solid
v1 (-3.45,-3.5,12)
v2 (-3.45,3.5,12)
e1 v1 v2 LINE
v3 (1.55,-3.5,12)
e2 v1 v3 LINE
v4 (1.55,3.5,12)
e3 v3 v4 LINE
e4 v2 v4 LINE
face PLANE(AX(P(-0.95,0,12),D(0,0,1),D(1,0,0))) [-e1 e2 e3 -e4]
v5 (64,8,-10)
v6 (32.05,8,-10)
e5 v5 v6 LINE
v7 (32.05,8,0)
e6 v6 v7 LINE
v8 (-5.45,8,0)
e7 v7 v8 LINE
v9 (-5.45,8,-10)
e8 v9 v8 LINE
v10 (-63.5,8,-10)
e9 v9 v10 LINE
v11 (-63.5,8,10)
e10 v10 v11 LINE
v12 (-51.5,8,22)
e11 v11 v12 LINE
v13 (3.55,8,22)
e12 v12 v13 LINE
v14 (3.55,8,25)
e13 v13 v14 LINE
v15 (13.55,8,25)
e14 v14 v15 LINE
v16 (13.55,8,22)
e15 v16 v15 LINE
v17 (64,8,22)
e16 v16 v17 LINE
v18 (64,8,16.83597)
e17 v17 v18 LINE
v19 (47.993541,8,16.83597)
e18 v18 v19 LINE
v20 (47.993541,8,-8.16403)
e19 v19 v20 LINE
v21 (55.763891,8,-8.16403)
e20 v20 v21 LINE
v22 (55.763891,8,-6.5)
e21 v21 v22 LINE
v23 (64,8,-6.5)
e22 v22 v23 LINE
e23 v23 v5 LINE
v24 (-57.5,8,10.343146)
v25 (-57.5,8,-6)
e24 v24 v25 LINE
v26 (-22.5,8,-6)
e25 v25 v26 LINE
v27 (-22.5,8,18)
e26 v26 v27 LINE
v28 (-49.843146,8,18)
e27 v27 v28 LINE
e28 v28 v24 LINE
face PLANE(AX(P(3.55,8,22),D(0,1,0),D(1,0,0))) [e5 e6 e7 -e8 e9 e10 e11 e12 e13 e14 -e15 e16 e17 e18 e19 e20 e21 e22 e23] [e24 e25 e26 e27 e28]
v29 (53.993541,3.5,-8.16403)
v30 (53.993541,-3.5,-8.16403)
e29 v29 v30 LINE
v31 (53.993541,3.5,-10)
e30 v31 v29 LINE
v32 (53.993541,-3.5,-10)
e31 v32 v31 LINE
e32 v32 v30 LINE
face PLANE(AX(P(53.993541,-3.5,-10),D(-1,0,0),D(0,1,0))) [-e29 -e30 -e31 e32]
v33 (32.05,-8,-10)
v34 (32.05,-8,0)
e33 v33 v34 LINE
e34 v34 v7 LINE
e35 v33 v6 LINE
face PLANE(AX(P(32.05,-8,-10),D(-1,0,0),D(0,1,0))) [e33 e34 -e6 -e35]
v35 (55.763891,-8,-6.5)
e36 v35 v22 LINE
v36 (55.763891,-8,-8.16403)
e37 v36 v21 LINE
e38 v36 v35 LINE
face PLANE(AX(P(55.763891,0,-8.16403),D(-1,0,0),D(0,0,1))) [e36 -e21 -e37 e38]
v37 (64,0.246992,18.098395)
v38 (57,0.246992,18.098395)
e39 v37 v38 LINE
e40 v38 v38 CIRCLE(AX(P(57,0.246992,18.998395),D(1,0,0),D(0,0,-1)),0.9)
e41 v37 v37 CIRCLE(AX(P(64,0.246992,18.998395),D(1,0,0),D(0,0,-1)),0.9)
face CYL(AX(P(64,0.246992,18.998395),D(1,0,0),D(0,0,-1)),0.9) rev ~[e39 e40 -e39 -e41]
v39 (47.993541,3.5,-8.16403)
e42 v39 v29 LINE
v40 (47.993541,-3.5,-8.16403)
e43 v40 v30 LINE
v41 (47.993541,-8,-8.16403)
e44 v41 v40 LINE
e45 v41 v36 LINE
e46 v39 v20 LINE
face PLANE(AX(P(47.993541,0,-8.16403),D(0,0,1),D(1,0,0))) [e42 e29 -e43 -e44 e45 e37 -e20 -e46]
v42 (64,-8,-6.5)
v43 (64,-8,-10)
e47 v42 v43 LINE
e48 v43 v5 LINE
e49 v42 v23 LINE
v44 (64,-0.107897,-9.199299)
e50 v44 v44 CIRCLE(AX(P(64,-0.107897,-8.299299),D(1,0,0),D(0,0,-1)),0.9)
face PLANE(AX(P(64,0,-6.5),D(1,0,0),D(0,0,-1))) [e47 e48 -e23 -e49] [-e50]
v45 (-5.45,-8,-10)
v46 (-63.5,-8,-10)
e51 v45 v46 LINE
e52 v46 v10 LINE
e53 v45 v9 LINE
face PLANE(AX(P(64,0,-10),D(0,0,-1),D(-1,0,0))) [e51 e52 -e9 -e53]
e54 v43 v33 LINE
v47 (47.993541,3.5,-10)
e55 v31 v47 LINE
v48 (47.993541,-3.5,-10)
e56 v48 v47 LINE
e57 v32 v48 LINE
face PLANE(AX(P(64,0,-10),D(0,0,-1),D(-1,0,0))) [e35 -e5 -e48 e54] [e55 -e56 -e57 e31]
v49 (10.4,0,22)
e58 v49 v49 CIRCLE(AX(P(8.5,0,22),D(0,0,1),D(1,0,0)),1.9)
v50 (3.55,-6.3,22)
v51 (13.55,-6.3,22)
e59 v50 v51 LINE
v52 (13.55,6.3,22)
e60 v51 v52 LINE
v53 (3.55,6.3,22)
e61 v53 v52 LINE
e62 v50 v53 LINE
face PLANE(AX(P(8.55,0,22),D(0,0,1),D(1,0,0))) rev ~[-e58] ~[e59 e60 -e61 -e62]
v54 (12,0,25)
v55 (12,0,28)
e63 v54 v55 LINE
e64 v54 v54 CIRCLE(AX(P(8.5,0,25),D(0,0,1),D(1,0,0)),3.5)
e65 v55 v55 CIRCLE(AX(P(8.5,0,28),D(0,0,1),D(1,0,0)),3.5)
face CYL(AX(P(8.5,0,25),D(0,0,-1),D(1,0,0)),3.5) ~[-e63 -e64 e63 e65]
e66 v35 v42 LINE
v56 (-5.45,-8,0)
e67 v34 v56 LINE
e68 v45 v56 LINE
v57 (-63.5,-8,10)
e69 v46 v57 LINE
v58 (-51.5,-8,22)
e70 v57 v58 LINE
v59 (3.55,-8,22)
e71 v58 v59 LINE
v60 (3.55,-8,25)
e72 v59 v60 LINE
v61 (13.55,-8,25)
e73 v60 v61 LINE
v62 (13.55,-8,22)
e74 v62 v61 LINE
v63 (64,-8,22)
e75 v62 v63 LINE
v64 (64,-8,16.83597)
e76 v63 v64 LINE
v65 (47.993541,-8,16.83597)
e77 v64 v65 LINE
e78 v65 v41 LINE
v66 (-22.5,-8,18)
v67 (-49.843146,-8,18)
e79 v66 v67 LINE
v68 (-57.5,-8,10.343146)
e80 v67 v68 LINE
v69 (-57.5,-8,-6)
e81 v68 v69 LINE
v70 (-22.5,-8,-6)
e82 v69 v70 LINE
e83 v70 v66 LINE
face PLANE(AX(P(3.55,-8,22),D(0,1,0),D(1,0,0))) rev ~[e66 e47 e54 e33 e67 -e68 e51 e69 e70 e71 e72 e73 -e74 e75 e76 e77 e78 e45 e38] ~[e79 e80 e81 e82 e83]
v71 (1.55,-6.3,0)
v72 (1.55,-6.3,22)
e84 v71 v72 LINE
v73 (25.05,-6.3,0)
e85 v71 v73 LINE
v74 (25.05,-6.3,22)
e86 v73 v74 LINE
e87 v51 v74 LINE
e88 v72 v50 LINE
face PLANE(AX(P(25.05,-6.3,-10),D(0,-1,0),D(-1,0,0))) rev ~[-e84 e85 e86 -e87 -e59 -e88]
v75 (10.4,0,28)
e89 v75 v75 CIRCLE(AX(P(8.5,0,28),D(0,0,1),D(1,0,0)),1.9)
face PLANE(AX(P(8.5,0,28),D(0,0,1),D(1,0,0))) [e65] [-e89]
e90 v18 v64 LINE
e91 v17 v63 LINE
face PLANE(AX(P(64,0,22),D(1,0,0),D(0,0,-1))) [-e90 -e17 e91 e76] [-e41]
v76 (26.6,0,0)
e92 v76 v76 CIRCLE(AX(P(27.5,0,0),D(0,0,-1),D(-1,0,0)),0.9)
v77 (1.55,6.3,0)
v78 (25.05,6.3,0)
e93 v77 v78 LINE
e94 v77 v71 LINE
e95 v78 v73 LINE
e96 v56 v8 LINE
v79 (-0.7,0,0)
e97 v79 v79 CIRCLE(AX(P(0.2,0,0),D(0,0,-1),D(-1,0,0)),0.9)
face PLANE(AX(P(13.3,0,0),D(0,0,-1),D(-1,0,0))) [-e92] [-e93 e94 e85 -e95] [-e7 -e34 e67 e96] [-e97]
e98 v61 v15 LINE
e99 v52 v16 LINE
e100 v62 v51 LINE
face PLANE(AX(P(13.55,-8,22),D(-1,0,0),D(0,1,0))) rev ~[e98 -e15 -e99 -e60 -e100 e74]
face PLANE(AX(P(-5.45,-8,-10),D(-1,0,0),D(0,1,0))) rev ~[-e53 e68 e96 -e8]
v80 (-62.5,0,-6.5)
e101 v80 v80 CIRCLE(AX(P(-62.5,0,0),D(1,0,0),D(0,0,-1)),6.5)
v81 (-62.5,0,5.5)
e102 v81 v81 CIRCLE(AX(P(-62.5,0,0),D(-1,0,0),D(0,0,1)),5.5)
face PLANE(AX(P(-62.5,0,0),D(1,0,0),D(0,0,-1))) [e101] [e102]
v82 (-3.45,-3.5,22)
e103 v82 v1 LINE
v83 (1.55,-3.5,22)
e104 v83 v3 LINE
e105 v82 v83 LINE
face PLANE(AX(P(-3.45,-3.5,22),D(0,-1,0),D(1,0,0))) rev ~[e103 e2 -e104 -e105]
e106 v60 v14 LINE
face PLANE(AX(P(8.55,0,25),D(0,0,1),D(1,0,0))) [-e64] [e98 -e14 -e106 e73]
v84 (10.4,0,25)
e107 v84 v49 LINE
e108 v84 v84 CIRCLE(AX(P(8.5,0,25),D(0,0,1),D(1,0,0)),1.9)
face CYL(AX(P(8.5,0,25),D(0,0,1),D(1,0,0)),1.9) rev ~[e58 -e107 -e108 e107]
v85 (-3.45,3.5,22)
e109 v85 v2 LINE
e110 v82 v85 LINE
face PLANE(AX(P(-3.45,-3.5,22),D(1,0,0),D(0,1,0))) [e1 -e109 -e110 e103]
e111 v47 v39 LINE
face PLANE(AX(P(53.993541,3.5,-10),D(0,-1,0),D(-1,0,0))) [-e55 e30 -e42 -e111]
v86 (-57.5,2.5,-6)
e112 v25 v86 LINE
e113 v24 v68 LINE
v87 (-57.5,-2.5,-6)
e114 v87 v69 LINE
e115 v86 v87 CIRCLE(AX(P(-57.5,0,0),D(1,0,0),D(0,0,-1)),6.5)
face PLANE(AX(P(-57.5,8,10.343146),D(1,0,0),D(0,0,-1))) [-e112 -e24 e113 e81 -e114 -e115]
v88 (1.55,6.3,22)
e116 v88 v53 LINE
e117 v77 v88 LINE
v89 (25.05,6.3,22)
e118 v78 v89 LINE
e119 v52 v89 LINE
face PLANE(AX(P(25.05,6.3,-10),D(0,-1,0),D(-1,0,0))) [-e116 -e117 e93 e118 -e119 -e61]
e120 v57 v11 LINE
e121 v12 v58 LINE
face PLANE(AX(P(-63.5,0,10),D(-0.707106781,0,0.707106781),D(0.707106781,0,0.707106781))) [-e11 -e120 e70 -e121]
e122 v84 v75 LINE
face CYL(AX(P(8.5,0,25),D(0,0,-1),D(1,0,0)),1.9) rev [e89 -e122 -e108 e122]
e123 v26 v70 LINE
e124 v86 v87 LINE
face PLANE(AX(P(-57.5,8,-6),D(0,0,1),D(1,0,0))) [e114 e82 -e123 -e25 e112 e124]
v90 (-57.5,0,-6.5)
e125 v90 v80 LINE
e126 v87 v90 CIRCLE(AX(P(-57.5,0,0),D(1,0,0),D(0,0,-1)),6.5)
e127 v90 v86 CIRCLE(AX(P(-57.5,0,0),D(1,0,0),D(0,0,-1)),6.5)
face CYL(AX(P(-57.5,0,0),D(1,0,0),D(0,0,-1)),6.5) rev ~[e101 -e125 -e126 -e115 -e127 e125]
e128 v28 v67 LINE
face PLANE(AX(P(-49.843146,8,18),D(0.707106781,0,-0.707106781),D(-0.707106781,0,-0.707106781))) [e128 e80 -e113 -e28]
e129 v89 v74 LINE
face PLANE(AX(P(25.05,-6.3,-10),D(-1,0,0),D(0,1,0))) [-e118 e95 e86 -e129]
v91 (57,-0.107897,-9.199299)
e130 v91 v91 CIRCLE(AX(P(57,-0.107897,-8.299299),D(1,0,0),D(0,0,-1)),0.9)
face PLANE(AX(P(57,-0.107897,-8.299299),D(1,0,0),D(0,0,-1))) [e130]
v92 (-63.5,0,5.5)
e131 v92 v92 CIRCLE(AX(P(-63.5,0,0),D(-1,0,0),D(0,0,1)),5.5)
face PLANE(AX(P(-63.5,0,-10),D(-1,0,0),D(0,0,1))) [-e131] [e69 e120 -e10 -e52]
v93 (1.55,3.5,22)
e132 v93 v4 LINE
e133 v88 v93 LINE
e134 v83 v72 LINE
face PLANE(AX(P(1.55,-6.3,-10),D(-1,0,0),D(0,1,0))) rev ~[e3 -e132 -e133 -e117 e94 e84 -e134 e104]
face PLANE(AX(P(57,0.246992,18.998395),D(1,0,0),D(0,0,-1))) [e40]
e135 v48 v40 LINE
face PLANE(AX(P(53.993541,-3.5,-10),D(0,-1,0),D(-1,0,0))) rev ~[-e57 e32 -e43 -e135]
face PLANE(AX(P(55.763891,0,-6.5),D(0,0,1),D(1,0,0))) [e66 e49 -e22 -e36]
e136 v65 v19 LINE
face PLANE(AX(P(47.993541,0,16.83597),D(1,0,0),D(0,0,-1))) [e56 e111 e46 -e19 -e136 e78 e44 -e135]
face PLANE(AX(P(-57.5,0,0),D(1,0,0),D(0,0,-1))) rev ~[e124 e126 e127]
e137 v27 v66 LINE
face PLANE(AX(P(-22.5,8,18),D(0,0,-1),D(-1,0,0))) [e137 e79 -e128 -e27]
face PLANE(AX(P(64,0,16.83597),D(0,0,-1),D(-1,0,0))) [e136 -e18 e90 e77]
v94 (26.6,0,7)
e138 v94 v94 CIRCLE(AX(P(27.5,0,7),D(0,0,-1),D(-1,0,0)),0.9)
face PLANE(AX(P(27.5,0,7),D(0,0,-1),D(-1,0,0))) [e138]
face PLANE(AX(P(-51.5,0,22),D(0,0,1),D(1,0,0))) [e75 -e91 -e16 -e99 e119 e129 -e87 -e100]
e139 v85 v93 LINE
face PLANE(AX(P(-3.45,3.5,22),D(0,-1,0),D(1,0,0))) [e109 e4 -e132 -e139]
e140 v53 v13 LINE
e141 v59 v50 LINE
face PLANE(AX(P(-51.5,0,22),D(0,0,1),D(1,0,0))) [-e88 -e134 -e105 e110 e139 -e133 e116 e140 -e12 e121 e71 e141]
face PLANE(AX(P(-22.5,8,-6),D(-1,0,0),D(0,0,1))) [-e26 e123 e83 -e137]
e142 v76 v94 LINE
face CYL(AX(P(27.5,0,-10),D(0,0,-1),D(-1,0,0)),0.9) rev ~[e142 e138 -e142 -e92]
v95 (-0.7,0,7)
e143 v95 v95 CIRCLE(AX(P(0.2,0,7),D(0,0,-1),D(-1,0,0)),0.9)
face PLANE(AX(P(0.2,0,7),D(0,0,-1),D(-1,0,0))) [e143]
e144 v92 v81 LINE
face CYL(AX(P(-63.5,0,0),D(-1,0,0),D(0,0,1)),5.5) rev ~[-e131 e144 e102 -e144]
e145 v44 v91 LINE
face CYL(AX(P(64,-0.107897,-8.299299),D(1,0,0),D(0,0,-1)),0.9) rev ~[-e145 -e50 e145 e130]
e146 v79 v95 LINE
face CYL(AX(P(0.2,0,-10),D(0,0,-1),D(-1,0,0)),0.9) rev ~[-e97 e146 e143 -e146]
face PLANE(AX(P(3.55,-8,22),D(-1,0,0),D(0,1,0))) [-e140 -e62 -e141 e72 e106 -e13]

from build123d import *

# Parameters (mm, degrees)
BOSS_EXTRUDE1_DEPTH      = 8
BOSS_EXTRUDE1_DEPTH_BACK = 8
SKETCH2_R                = 5.5
CUT_EXTRUDE1_DEPTH       = 8
CUT_EXTRUDE2_DEPTH       = 16
SKETCH4_R                = 6.5
CUT_EXTRUDE3_DEPTH       = 5
SKETCH5_W                = 23.5
SKETCH5_H                = 12.6
CUT_EXTRUDE4_DEPTH       = 33
SKETCH6_R                = 0.9
CUT_EXTRUDE5_DEPTH       = 17
SKETCH7_W                = 6
SKETCH7_H                = 7
CUT_EXTRUDE6_DEPTH       = 7
SKETCH8_W                = 5
SKETCH8_H                = 7
CUT_EXTRUDE7_DEPTH       = 10
SKETCH9_R                = 0.899999999
CUT_EXTRUDE8_DEPTH       = 7
SKETCH10_W               = 37.5
SKETCH10_H               = 16
CUT_EXTRUDE9_DEPTH       = 10
SKETCH11_W               = 10
SKETCH11_H               = 16
BOSS_EXTRUDE2_DEPTH      = 3
SKETCH12_R               = 3.5
SKETCH12_R_2             = 1.9
BOSS_EXTRUDE3_DEPTH      = 3
SKETCH13_R               = 1.9
CUT_EXTRUDE10_DEPTH      = 3


with BuildPart() as part:
    # Sketch1 → Boss-Extrude1 (new body, two sides)
    with BuildSketch(Plane(origin=(0, 0, 0), x_dir=(1, 0, 0), z_dir=(0, 1, 0))) as boss_extrude1_sk:
        Polygon((64, -16.835969506), (47.993540801, -16.835969506), (47.993540801, 8.164030494), (55.763890835, 8.164030494), (55.763890835, 6.5), (64, 6.5), (64, 10), (-63.5, 10), (-63.5, -10), (-51.5, -22), (64, -22), align=None)
    extrude(amount=BOSS_EXTRUDE1_DEPTH)
    extrude(boss_extrude1_sk.sketch, amount=-BOSS_EXTRUDE1_DEPTH_BACK)

    # Sketch2 → Cut-Extrude1 (cut)
    with BuildSketch(Plane.ZY.offset(63.5)):
        Circle(SKETCH2_R)
    extrude(amount=-CUT_EXTRUDE1_DEPTH, mode=Mode.SUBTRACT)

    # Sketch3 → Cut-Extrude2 (cut)
    with BuildSketch(Plane(origin=(0, 8, 0), x_dir=(1, 0, 0), z_dir=(0, 1, 0))):
        Polygon((-57.5, 6), (-22.5, 6), (-22.5, -18), (-49.843145751, -18), (-57.5, -10.343145751), align=None)
    extrude(amount=-CUT_EXTRUDE2_DEPTH, mode=Mode.SUBTRACT)

    # Sketch4 → Cut-Extrude3 (cut)
    with BuildSketch(Plane(origin=(-57.5, 0, 0), x_dir=(0, 0, -1), z_dir=(1, 0, 0))):
        Circle(SKETCH4_R)
    extrude(amount=-CUT_EXTRUDE3_DEPTH, mode=Mode.SUBTRACT)

    # Sketch5 → Cut-Extrude4 (cut, through all)
    with BuildSketch(Plane(origin=(0, 0, -10), x_dir=(-1, 0, 0), z_dir=(0, 0, -1))):
        with Locations((-13.3, 0)):
            Rectangle(SKETCH5_W, SKETCH5_H)
    extrude(amount=-CUT_EXTRUDE4_DEPTH, mode=Mode.SUBTRACT)

    # Sketch6 → Cut-Extrude5 (cut)
    with BuildSketch(Plane(origin=(0, 0, -10), x_dir=(-1, 0, 0), z_dir=(0, 0, -1))):
        with Locations((-0.2, 0)):
            Circle(SKETCH6_R)
        with Locations((-27.5, 0)):
            Circle(SKETCH6_R)
    extrude(amount=-CUT_EXTRUDE5_DEPTH, mode=Mode.SUBTRACT)

    # Sketch7 → Cut-Extrude6 (cut)
    with BuildSketch(Plane(origin=(0, 0, -10), x_dir=(-1, 0, 0), z_dir=(0, 0, -1))):
        with Locations((-50.993540801, 0)):
            Rectangle(SKETCH7_W, SKETCH7_H)
    extrude(amount=-CUT_EXTRUDE6_DEPTH, mode=Mode.SUBTRACT)

    # Sketch8 → Cut-Extrude7 (cut)
    with BuildSketch(Plane.XY.offset(22)):
        with Locations((-0.95, 0)):
            Rectangle(SKETCH8_W, SKETCH8_H)
    extrude(amount=-CUT_EXTRUDE7_DEPTH, mode=Mode.SUBTRACT)

    # Sketch9 → Cut-Extrude8 (cut)
    with BuildSketch(Plane(origin=(64, 0, 0), x_dir=(0, 0, -1), z_dir=(1, 0, 0))):
        with Locations((-18.998394534, 0.246992199)):
            Circle(SKETCH9_R)
        with Locations((8.299298665, -0.107896588)):
            Circle(SKETCH9_R)
    extrude(amount=-CUT_EXTRUDE8_DEPTH, mode=Mode.SUBTRACT)

    # Sketch10 → Cut-Extrude9 (cut)
    with BuildSketch(Plane(origin=(0, 0, -10), x_dir=(-1, 0, 0), z_dir=(0, 0, -1))):
        with Locations((-13.3, 0)):
            Rectangle(SKETCH10_W, SKETCH10_H)
    extrude(amount=-CUT_EXTRUDE9_DEPTH, mode=Mode.SUBTRACT)

    # Sketch11 → Boss-Extrude2 (add)
    with BuildSketch(Plane.XY.offset(22)):
        with Locations((8.55, 0)):
            Rectangle(SKETCH11_W, SKETCH11_H)
    extrude(amount=BOSS_EXTRUDE2_DEPTH)

    # Sketch12 → Boss-Extrude3 (add)
    with BuildSketch(Plane.XY.offset(25)):
        with Locations((8.499999912, 0)):
            Circle(SKETCH12_R)
        with Locations((8.499999912, 0)):
            Circle(SKETCH12_R_2, mode=Mode.SUBTRACT)
    extrude(amount=BOSS_EXTRUDE3_DEPTH)

    # Sketch13 → Cut-Extrude10 (cut)
    with BuildSketch(Plane.XY.offset(25)):
        with Locations((8.499999912, 0)):
            Circle(SKETCH13_R)
    extrude(amount=-CUT_EXTRUDE10_DEPTH, mode=Mode.SUBTRACT)


solid = part.part
